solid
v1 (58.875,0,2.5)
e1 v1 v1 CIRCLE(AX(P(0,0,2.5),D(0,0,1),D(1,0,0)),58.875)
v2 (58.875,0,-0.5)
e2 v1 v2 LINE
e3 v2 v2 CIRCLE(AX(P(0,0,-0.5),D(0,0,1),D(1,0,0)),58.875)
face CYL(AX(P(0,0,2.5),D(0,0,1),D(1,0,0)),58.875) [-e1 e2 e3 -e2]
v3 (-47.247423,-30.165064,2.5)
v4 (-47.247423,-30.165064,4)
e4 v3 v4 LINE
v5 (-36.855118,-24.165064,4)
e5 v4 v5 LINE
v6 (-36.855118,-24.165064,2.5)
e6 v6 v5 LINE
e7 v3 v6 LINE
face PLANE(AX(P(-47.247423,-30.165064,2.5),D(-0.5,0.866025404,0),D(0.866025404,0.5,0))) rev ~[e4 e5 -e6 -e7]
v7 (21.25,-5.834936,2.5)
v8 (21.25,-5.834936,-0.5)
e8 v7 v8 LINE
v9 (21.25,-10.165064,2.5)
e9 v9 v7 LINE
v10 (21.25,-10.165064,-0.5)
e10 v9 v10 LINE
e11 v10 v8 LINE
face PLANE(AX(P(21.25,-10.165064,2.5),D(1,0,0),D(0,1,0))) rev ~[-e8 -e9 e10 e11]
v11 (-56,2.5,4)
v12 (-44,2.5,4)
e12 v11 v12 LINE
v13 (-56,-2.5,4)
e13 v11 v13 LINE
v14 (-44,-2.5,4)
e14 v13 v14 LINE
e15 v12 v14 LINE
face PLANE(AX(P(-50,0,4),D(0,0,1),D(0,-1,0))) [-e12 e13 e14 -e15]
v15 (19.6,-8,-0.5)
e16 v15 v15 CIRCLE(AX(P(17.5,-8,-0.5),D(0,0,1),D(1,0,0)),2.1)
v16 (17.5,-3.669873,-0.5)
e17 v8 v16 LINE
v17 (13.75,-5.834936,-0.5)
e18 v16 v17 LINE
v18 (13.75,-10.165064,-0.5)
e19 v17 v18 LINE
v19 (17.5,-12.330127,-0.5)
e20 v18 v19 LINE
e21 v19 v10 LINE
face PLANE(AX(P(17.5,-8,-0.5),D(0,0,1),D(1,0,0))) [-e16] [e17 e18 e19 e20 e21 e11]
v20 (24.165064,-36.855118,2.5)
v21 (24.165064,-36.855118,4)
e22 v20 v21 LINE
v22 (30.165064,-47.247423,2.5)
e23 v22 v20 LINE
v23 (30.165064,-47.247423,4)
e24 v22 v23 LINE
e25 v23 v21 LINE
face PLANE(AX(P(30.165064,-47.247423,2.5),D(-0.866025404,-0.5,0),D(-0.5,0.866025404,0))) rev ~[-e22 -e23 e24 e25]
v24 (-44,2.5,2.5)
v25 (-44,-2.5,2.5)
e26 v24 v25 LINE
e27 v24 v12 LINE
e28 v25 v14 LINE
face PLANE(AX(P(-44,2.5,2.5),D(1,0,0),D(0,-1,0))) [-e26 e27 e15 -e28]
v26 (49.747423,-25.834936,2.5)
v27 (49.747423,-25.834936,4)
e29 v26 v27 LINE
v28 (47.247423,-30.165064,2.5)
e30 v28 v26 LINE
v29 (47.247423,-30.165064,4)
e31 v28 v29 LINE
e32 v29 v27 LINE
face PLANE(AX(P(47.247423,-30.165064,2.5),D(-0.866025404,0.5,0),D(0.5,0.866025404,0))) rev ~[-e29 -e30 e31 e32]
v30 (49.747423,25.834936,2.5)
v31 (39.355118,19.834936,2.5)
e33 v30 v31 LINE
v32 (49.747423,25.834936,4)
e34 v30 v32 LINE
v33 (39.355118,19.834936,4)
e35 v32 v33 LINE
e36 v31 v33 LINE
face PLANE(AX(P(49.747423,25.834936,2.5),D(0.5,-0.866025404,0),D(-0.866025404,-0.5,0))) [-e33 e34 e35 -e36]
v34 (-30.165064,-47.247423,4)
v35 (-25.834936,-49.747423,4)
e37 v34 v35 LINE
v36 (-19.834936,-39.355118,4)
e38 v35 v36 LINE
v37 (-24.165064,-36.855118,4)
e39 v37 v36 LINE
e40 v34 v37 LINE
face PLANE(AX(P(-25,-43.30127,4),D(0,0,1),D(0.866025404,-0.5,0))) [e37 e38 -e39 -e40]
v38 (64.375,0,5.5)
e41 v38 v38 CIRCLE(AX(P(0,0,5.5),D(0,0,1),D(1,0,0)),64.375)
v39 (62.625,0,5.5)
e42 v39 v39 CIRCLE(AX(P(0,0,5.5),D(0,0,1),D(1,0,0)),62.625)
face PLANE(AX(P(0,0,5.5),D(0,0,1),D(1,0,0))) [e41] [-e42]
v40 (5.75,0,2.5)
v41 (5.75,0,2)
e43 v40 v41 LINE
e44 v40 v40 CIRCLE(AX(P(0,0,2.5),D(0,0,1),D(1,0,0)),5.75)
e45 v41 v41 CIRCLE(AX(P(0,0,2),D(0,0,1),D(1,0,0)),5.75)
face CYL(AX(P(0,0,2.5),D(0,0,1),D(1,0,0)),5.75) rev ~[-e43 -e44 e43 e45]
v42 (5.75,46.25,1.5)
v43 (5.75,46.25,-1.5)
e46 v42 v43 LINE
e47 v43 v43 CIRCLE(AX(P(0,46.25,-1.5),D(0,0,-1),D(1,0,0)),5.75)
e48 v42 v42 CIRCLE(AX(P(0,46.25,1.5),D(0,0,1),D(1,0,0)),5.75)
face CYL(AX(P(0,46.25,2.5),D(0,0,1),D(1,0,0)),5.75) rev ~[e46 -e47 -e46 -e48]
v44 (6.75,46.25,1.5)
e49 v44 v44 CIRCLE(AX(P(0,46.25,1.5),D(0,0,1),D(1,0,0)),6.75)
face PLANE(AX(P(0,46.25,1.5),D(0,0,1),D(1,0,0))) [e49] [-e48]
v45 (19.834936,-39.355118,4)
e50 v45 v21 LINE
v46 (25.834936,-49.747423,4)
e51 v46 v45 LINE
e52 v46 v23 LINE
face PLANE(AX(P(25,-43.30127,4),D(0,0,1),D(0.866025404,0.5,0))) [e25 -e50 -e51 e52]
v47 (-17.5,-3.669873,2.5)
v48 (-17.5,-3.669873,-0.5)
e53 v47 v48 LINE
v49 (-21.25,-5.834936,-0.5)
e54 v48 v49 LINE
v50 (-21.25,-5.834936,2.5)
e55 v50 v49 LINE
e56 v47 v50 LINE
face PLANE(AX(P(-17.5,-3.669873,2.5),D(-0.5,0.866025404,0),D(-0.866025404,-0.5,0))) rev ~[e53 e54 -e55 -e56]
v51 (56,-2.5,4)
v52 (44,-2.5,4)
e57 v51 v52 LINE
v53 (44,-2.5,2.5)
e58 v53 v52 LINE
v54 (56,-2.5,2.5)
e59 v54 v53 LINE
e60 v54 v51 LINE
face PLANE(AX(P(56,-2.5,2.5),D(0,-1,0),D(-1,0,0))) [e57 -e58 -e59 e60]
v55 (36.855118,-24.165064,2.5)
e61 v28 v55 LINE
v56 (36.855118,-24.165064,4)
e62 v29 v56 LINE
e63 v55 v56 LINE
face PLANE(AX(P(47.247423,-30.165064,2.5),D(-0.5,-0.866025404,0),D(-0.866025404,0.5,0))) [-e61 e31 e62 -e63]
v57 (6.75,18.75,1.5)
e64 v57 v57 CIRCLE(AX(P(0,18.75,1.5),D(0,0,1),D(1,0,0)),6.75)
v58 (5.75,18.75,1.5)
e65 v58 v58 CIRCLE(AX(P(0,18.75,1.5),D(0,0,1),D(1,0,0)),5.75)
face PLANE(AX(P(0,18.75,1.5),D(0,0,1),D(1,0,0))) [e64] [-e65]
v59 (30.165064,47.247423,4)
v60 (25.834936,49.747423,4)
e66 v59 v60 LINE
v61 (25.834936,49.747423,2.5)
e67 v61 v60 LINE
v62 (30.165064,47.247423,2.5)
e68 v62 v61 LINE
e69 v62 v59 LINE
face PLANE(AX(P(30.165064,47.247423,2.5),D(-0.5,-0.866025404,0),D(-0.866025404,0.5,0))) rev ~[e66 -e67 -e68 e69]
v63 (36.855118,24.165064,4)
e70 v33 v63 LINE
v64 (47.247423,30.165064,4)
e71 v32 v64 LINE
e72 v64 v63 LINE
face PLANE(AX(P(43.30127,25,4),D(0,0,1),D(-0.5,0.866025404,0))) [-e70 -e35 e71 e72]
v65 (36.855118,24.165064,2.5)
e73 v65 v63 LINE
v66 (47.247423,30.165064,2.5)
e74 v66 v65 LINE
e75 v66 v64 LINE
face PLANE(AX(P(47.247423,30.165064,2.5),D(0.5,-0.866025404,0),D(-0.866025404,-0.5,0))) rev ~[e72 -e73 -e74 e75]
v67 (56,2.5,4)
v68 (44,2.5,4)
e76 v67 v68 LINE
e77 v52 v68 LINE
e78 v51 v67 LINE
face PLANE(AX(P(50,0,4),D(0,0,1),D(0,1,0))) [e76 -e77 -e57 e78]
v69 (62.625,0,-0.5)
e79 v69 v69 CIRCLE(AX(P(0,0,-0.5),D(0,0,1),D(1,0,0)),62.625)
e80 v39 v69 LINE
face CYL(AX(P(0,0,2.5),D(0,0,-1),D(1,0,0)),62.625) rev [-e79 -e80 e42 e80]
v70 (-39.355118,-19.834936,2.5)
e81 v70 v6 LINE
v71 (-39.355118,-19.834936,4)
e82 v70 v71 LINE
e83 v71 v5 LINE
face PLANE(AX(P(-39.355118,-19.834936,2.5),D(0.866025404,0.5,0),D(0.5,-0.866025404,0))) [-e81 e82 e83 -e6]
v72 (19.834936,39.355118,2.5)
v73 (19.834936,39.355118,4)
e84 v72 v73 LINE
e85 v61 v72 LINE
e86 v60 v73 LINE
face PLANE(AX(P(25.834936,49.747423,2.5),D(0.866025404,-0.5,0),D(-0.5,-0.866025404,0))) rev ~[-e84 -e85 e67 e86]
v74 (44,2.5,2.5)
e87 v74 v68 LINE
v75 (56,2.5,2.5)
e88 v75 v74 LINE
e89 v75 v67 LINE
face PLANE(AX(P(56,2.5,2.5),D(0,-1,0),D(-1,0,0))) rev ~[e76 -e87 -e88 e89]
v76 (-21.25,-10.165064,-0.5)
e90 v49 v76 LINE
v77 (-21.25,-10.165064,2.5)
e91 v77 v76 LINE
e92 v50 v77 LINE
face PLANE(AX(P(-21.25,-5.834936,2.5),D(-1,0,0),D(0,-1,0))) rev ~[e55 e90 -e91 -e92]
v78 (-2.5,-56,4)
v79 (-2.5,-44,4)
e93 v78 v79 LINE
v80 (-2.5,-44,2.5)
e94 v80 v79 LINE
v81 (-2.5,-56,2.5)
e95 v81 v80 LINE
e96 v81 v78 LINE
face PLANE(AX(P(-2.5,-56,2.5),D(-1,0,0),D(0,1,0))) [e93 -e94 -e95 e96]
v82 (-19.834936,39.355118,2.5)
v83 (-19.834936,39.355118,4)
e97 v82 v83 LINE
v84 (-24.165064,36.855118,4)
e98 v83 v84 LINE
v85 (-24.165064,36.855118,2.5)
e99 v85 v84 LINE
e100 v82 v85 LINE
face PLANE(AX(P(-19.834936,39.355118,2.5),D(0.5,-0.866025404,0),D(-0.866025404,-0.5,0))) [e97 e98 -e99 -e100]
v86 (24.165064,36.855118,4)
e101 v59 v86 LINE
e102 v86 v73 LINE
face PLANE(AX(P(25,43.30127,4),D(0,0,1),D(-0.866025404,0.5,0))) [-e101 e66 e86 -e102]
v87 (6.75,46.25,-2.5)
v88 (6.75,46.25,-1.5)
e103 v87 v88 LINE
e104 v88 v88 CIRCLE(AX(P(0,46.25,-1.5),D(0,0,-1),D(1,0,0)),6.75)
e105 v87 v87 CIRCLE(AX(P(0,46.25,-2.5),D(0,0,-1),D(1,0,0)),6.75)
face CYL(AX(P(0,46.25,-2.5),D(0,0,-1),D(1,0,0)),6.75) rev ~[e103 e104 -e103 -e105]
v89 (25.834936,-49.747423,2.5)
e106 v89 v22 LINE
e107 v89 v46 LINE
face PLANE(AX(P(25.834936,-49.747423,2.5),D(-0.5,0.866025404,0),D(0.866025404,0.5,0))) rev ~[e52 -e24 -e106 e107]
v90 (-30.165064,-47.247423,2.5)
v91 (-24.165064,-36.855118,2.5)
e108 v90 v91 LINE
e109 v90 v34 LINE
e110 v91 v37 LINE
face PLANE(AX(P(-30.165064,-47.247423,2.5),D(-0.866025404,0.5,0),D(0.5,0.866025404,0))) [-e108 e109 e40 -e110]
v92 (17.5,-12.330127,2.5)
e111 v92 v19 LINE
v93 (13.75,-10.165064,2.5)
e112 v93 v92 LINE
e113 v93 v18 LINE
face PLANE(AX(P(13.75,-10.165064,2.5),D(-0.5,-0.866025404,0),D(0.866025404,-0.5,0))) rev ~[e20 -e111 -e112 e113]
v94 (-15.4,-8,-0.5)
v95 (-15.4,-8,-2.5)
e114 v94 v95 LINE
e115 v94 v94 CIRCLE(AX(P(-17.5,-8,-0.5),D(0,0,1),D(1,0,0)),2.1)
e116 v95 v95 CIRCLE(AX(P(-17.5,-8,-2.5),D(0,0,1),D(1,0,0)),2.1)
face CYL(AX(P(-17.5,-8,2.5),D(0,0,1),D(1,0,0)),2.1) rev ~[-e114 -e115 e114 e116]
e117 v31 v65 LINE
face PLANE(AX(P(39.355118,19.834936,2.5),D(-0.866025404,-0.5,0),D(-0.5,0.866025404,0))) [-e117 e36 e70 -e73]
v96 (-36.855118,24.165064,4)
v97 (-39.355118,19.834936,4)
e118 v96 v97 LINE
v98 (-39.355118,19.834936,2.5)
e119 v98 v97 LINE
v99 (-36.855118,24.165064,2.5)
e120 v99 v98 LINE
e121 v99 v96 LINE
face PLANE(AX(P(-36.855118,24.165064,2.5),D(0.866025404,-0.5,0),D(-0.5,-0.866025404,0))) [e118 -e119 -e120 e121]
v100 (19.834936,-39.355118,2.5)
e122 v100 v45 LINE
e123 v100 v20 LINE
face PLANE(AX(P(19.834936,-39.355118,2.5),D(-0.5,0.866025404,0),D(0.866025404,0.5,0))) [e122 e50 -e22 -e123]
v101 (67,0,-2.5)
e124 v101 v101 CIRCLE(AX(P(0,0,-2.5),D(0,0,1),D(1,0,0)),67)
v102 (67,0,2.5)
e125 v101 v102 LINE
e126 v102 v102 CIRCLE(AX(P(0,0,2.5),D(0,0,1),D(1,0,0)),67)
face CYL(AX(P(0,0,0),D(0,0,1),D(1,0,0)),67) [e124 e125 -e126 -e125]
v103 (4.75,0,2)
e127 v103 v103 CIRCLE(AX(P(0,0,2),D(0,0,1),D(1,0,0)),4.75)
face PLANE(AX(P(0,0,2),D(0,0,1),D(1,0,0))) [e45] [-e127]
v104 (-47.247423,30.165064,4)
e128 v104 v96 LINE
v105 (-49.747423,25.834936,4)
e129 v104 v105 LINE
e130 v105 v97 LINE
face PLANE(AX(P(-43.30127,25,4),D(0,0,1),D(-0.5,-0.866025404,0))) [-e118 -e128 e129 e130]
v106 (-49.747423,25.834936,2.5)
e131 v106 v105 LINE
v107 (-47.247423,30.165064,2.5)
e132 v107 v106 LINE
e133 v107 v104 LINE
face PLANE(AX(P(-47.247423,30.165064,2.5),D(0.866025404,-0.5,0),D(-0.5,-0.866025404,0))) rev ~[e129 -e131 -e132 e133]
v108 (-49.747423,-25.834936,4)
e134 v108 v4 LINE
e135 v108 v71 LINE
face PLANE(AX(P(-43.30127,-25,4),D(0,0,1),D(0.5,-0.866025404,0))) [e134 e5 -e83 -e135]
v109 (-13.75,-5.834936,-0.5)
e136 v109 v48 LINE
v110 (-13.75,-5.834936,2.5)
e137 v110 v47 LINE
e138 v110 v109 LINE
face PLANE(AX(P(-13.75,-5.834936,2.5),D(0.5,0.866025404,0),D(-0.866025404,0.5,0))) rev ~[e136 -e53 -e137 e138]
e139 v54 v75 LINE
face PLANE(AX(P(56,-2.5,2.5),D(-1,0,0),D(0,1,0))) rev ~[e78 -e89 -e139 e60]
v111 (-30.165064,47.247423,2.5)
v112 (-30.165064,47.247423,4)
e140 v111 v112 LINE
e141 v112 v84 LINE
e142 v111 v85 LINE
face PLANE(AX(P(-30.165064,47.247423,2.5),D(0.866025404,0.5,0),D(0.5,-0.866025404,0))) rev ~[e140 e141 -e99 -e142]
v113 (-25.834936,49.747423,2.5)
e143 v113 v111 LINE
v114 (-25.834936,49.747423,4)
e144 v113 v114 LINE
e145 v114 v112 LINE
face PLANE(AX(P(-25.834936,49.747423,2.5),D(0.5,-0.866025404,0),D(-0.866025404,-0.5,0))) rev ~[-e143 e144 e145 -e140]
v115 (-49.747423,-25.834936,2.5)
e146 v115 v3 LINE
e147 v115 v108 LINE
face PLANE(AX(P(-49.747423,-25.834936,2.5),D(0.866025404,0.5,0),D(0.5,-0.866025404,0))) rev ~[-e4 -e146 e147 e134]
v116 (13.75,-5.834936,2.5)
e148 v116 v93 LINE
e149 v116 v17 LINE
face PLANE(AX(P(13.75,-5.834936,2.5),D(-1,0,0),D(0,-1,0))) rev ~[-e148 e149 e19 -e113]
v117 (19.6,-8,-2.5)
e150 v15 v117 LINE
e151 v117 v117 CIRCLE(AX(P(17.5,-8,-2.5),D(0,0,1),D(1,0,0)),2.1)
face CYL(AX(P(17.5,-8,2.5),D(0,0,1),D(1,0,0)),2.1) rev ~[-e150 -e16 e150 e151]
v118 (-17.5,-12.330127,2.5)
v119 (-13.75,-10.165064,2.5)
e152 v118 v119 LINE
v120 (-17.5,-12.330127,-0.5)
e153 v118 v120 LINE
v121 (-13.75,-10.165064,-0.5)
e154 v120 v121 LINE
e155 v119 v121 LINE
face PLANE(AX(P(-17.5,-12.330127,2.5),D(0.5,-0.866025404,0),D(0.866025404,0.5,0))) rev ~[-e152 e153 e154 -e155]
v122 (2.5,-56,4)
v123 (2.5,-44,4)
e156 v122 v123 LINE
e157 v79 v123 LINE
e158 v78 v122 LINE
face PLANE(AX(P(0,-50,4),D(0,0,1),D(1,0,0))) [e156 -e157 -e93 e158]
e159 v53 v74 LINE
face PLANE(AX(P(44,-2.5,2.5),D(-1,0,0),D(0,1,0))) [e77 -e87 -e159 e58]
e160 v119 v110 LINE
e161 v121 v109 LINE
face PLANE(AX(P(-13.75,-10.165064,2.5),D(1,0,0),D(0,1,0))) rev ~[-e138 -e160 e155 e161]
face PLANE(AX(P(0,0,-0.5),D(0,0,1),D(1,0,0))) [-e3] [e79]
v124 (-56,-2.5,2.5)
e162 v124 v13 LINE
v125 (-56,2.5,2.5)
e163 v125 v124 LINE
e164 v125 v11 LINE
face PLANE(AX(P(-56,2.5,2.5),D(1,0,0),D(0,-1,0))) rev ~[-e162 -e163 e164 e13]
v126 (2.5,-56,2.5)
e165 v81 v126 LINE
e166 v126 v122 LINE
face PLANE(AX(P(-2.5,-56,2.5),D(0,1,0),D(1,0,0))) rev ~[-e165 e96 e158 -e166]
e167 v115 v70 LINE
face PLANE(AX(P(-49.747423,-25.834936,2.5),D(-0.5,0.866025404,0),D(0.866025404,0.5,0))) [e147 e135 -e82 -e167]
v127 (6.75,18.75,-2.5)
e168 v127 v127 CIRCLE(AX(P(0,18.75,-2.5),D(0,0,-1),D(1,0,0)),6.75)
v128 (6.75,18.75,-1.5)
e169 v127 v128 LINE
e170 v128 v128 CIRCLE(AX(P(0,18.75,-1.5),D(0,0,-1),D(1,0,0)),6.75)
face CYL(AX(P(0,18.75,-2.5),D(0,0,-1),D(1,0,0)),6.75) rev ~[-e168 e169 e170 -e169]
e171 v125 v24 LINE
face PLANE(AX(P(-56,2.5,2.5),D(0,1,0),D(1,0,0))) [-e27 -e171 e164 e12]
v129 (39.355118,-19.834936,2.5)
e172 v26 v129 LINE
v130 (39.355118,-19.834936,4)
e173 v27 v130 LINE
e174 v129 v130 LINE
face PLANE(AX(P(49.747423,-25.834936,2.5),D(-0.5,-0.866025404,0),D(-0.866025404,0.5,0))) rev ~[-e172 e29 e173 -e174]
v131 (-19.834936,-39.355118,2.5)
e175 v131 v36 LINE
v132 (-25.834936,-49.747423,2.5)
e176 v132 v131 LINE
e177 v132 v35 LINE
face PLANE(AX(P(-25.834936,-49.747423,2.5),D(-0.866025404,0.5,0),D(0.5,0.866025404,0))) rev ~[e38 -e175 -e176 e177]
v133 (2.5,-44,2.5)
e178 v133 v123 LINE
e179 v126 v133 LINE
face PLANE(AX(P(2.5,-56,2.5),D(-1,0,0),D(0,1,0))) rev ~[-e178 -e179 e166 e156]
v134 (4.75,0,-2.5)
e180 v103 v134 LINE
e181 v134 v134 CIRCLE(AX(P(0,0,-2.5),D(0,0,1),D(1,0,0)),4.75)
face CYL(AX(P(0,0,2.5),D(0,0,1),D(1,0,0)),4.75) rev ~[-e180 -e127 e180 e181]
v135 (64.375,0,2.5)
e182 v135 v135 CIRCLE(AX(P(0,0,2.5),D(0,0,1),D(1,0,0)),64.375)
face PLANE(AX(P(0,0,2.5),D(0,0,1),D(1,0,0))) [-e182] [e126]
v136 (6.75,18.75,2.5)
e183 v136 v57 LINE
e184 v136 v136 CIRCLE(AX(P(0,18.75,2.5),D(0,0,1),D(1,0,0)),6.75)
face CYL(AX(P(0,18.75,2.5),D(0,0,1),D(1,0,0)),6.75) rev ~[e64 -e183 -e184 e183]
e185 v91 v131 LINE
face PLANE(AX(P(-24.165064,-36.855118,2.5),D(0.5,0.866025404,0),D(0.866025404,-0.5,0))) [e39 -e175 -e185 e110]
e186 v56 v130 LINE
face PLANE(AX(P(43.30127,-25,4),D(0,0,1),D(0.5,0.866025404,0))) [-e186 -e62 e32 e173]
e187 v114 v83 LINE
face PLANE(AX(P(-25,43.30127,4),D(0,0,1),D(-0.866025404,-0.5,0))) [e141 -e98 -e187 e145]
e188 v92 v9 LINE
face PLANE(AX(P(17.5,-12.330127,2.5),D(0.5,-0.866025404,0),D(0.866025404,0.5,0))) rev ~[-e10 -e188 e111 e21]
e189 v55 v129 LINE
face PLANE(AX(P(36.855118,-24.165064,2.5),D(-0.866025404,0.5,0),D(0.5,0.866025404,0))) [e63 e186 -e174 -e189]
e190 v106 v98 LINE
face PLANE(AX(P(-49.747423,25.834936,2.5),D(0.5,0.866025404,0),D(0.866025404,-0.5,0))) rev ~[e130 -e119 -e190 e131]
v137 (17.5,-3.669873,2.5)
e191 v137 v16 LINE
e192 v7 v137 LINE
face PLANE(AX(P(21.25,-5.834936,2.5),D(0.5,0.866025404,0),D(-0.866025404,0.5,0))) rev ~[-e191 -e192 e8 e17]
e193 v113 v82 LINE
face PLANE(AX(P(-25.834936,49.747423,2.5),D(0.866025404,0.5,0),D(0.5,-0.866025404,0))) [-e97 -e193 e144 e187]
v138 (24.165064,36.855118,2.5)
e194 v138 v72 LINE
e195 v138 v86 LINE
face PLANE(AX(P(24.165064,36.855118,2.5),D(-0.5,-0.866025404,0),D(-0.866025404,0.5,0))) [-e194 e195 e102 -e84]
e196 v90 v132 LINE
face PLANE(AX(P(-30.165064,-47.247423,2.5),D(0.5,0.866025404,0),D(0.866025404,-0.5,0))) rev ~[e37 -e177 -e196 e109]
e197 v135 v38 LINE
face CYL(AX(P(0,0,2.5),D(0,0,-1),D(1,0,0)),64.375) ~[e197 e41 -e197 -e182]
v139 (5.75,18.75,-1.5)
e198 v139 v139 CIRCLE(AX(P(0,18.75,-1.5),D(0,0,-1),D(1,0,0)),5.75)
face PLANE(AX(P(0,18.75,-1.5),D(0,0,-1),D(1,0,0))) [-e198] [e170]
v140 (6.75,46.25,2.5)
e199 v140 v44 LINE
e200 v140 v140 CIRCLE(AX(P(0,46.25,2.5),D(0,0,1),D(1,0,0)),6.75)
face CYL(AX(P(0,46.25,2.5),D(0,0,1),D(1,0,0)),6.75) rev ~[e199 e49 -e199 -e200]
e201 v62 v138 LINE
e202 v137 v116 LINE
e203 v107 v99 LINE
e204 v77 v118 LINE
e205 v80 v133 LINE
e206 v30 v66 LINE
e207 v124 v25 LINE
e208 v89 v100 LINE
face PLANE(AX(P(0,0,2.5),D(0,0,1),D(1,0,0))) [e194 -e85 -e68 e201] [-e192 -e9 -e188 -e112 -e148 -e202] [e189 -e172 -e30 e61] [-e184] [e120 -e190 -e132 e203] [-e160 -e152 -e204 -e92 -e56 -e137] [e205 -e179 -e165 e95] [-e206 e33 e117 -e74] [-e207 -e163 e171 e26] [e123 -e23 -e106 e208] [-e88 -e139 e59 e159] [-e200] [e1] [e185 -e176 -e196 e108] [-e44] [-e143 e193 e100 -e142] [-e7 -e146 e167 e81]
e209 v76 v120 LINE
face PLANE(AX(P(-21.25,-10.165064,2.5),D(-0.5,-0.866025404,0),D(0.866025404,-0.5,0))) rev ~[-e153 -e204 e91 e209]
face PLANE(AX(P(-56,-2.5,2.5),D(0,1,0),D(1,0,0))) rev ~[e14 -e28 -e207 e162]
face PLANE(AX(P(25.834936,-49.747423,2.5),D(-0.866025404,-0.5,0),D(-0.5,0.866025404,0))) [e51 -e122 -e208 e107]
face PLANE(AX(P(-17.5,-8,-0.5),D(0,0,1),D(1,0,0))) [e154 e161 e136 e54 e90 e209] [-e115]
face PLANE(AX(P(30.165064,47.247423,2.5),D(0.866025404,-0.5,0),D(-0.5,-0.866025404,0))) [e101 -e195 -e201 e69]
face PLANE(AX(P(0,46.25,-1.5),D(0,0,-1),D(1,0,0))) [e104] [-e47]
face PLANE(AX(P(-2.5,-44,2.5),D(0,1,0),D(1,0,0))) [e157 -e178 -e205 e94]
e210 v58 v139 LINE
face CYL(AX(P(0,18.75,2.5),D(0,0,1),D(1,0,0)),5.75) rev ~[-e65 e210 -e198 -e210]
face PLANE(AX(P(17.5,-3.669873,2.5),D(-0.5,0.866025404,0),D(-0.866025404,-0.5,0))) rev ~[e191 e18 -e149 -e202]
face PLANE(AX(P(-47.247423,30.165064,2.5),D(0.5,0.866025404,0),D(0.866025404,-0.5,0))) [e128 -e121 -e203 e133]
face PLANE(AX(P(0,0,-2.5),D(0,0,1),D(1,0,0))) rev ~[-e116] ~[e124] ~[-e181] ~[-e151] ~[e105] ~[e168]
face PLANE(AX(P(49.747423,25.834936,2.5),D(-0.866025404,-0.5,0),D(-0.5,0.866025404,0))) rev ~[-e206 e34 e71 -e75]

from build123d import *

# Parameters (mm, degrees)
F0_R      = 67
F1_DEPTH  = 2.5
F2_R      = 64.375
F2_R_2    = 62.625
F3_DEPTH  = 3
F4_R      = 4.75
F4_R_2    = 5.75
F4_R_3    = 2.1
F5_DEPTH  = 5.001
F6_R      = 5.75
F7_DEPTH  = 0.5
F6_R_2    = 6.75
F8_DEPTH  = 1
F2_R_3    = 58.875
F9_DEPTH  = 3
F10_R     = 6.75
F10_R_2   = 5.75
F11_DEPTH = 1
F13_W     = 5
F13_H     = 12
F14_DEPTH = 1.5
F15_COUNT = 6
F15_ANGLE = 150
F16_COUNT = 6
F16_ANGLE = 150
F17_DEPTH = 3


with BuildPart() as f1:
    # F0 (on Top) → F1 (new body, symmetric)
    with BuildSketch(Plane.XY):
        Circle(F0_R)
    extrude(amount=F1_DEPTH, both=True)

    # F2 (on face) → F3 (join)
    with BuildSketch(Plane.XY.offset(2.5)):
        Circle(F2_R)
        Circle(F2_R_2, mode=Mode.SUBTRACT)
    extrude(amount=F3_DEPTH)

    # F4 (on face) → F5 (cut, through all)
    with BuildSketch(Plane.XY.offset(2.5)):
        Circle(F4_R)
        with Locations((0, 18.75)):
            Circle(F4_R_2)
        with Locations((0, 46.25)):
            Circle(F4_R_2)
        with Locations((17.5, -8)):
            Circle(F4_R_3)
        with Locations((-17.5, -8)):
            Circle(F4_R_3)
    extrude(amount=-F5_DEPTH, mode=Mode.SUBTRACT)

    # F6 (on face) → F7 (cut)
    with BuildSketch(Plane.XY.offset(2.5)):
        Circle(F6_R)
    extrude(amount=-F7_DEPTH, mode=Mode.SUBTRACT)

    # F6 (on face) → F8 (cut)
    with BuildSketch(Plane.XY.offset(2.5)):
        with Locations((0, 18.75)):
            Circle(F6_R_2)
        with Locations((0, 46.25)):
            Circle(F6_R_2)
    extrude(amount=-F8_DEPTH, mode=Mode.SUBTRACT)

    # F2 (on face) → F9 (cut)
    with BuildSketch(Plane.XY.offset(2.5)):
        Circle(F2_R_2)
        Circle(F2_R_3, mode=Mode.SUBTRACT)
    extrude(amount=-F9_DEPTH, mode=Mode.SUBTRACT)

    # F10 (on face) → F11 (cut)
    with BuildSketch(Plane(origin=(0, 0, -2.5), x_dir=(1, 0, 0), z_dir=(0, 0, -1))):
        with Locations((0, -18.75)):
            Circle(F10_R)
        with Locations((0, -18.75)):
            Circle(F10_R_2, mode=Mode.SUBTRACT)
        with Locations((0, -46.25)):
            Circle(F10_R)
        with Locations((0, -46.25)):
            Circle(F10_R_2, mode=Mode.SUBTRACT)
    extrude(amount=-F11_DEPTH, mode=Mode.SUBTRACT)

    # F13 (on face) → F14 (join)
    with BuildSketch(Plane.XY.offset(2.5)):
        with Locations((0, -50)):
            Rectangle(F13_W, F13_H)
    f14 = extrude(amount=F14_DEPTH)

    # F15: F14 ×6 about axis
    f15_axis = Axis((0, 0, 2.5), (0, 0, 1))
    for i in range(1, F15_COUNT):
        add(f14.rotate(f15_axis, i * F15_ANGLE / (F15_COUNT - 1)))

    # F16: F14 ×6 about axis
    f16_axis = Axis((0, 0, 2.5), (0, 0, -1))
    for i in range(1, F16_COUNT):
        add(f14.rotate(f16_axis, i * F16_ANGLE / (F16_COUNT - 1)))

    # F6 (on face) → F17 (cut)
    with BuildSketch(Plane.XY.offset(2.5)):
        Polygon((-13.75, -10.1650635095), (-13.75, -5.8349364905), (-17.5, -3.6698729811), (-21.25, -5.8349364905), (-21.25, -10.1650635095), (-17.5, -12.3301270189), align=None)
        Polygon((21.25, -10.1650635095), (21.25, -5.8349364905), (17.5, -3.6698729811), (13.75, -5.8349364905), (13.75, -10.1650635095), (17.5, -12.3301270189), align=None)
    extrude(amount=-F17_DEPTH, mode=Mode.SUBTRACT)


solid = f1.part
